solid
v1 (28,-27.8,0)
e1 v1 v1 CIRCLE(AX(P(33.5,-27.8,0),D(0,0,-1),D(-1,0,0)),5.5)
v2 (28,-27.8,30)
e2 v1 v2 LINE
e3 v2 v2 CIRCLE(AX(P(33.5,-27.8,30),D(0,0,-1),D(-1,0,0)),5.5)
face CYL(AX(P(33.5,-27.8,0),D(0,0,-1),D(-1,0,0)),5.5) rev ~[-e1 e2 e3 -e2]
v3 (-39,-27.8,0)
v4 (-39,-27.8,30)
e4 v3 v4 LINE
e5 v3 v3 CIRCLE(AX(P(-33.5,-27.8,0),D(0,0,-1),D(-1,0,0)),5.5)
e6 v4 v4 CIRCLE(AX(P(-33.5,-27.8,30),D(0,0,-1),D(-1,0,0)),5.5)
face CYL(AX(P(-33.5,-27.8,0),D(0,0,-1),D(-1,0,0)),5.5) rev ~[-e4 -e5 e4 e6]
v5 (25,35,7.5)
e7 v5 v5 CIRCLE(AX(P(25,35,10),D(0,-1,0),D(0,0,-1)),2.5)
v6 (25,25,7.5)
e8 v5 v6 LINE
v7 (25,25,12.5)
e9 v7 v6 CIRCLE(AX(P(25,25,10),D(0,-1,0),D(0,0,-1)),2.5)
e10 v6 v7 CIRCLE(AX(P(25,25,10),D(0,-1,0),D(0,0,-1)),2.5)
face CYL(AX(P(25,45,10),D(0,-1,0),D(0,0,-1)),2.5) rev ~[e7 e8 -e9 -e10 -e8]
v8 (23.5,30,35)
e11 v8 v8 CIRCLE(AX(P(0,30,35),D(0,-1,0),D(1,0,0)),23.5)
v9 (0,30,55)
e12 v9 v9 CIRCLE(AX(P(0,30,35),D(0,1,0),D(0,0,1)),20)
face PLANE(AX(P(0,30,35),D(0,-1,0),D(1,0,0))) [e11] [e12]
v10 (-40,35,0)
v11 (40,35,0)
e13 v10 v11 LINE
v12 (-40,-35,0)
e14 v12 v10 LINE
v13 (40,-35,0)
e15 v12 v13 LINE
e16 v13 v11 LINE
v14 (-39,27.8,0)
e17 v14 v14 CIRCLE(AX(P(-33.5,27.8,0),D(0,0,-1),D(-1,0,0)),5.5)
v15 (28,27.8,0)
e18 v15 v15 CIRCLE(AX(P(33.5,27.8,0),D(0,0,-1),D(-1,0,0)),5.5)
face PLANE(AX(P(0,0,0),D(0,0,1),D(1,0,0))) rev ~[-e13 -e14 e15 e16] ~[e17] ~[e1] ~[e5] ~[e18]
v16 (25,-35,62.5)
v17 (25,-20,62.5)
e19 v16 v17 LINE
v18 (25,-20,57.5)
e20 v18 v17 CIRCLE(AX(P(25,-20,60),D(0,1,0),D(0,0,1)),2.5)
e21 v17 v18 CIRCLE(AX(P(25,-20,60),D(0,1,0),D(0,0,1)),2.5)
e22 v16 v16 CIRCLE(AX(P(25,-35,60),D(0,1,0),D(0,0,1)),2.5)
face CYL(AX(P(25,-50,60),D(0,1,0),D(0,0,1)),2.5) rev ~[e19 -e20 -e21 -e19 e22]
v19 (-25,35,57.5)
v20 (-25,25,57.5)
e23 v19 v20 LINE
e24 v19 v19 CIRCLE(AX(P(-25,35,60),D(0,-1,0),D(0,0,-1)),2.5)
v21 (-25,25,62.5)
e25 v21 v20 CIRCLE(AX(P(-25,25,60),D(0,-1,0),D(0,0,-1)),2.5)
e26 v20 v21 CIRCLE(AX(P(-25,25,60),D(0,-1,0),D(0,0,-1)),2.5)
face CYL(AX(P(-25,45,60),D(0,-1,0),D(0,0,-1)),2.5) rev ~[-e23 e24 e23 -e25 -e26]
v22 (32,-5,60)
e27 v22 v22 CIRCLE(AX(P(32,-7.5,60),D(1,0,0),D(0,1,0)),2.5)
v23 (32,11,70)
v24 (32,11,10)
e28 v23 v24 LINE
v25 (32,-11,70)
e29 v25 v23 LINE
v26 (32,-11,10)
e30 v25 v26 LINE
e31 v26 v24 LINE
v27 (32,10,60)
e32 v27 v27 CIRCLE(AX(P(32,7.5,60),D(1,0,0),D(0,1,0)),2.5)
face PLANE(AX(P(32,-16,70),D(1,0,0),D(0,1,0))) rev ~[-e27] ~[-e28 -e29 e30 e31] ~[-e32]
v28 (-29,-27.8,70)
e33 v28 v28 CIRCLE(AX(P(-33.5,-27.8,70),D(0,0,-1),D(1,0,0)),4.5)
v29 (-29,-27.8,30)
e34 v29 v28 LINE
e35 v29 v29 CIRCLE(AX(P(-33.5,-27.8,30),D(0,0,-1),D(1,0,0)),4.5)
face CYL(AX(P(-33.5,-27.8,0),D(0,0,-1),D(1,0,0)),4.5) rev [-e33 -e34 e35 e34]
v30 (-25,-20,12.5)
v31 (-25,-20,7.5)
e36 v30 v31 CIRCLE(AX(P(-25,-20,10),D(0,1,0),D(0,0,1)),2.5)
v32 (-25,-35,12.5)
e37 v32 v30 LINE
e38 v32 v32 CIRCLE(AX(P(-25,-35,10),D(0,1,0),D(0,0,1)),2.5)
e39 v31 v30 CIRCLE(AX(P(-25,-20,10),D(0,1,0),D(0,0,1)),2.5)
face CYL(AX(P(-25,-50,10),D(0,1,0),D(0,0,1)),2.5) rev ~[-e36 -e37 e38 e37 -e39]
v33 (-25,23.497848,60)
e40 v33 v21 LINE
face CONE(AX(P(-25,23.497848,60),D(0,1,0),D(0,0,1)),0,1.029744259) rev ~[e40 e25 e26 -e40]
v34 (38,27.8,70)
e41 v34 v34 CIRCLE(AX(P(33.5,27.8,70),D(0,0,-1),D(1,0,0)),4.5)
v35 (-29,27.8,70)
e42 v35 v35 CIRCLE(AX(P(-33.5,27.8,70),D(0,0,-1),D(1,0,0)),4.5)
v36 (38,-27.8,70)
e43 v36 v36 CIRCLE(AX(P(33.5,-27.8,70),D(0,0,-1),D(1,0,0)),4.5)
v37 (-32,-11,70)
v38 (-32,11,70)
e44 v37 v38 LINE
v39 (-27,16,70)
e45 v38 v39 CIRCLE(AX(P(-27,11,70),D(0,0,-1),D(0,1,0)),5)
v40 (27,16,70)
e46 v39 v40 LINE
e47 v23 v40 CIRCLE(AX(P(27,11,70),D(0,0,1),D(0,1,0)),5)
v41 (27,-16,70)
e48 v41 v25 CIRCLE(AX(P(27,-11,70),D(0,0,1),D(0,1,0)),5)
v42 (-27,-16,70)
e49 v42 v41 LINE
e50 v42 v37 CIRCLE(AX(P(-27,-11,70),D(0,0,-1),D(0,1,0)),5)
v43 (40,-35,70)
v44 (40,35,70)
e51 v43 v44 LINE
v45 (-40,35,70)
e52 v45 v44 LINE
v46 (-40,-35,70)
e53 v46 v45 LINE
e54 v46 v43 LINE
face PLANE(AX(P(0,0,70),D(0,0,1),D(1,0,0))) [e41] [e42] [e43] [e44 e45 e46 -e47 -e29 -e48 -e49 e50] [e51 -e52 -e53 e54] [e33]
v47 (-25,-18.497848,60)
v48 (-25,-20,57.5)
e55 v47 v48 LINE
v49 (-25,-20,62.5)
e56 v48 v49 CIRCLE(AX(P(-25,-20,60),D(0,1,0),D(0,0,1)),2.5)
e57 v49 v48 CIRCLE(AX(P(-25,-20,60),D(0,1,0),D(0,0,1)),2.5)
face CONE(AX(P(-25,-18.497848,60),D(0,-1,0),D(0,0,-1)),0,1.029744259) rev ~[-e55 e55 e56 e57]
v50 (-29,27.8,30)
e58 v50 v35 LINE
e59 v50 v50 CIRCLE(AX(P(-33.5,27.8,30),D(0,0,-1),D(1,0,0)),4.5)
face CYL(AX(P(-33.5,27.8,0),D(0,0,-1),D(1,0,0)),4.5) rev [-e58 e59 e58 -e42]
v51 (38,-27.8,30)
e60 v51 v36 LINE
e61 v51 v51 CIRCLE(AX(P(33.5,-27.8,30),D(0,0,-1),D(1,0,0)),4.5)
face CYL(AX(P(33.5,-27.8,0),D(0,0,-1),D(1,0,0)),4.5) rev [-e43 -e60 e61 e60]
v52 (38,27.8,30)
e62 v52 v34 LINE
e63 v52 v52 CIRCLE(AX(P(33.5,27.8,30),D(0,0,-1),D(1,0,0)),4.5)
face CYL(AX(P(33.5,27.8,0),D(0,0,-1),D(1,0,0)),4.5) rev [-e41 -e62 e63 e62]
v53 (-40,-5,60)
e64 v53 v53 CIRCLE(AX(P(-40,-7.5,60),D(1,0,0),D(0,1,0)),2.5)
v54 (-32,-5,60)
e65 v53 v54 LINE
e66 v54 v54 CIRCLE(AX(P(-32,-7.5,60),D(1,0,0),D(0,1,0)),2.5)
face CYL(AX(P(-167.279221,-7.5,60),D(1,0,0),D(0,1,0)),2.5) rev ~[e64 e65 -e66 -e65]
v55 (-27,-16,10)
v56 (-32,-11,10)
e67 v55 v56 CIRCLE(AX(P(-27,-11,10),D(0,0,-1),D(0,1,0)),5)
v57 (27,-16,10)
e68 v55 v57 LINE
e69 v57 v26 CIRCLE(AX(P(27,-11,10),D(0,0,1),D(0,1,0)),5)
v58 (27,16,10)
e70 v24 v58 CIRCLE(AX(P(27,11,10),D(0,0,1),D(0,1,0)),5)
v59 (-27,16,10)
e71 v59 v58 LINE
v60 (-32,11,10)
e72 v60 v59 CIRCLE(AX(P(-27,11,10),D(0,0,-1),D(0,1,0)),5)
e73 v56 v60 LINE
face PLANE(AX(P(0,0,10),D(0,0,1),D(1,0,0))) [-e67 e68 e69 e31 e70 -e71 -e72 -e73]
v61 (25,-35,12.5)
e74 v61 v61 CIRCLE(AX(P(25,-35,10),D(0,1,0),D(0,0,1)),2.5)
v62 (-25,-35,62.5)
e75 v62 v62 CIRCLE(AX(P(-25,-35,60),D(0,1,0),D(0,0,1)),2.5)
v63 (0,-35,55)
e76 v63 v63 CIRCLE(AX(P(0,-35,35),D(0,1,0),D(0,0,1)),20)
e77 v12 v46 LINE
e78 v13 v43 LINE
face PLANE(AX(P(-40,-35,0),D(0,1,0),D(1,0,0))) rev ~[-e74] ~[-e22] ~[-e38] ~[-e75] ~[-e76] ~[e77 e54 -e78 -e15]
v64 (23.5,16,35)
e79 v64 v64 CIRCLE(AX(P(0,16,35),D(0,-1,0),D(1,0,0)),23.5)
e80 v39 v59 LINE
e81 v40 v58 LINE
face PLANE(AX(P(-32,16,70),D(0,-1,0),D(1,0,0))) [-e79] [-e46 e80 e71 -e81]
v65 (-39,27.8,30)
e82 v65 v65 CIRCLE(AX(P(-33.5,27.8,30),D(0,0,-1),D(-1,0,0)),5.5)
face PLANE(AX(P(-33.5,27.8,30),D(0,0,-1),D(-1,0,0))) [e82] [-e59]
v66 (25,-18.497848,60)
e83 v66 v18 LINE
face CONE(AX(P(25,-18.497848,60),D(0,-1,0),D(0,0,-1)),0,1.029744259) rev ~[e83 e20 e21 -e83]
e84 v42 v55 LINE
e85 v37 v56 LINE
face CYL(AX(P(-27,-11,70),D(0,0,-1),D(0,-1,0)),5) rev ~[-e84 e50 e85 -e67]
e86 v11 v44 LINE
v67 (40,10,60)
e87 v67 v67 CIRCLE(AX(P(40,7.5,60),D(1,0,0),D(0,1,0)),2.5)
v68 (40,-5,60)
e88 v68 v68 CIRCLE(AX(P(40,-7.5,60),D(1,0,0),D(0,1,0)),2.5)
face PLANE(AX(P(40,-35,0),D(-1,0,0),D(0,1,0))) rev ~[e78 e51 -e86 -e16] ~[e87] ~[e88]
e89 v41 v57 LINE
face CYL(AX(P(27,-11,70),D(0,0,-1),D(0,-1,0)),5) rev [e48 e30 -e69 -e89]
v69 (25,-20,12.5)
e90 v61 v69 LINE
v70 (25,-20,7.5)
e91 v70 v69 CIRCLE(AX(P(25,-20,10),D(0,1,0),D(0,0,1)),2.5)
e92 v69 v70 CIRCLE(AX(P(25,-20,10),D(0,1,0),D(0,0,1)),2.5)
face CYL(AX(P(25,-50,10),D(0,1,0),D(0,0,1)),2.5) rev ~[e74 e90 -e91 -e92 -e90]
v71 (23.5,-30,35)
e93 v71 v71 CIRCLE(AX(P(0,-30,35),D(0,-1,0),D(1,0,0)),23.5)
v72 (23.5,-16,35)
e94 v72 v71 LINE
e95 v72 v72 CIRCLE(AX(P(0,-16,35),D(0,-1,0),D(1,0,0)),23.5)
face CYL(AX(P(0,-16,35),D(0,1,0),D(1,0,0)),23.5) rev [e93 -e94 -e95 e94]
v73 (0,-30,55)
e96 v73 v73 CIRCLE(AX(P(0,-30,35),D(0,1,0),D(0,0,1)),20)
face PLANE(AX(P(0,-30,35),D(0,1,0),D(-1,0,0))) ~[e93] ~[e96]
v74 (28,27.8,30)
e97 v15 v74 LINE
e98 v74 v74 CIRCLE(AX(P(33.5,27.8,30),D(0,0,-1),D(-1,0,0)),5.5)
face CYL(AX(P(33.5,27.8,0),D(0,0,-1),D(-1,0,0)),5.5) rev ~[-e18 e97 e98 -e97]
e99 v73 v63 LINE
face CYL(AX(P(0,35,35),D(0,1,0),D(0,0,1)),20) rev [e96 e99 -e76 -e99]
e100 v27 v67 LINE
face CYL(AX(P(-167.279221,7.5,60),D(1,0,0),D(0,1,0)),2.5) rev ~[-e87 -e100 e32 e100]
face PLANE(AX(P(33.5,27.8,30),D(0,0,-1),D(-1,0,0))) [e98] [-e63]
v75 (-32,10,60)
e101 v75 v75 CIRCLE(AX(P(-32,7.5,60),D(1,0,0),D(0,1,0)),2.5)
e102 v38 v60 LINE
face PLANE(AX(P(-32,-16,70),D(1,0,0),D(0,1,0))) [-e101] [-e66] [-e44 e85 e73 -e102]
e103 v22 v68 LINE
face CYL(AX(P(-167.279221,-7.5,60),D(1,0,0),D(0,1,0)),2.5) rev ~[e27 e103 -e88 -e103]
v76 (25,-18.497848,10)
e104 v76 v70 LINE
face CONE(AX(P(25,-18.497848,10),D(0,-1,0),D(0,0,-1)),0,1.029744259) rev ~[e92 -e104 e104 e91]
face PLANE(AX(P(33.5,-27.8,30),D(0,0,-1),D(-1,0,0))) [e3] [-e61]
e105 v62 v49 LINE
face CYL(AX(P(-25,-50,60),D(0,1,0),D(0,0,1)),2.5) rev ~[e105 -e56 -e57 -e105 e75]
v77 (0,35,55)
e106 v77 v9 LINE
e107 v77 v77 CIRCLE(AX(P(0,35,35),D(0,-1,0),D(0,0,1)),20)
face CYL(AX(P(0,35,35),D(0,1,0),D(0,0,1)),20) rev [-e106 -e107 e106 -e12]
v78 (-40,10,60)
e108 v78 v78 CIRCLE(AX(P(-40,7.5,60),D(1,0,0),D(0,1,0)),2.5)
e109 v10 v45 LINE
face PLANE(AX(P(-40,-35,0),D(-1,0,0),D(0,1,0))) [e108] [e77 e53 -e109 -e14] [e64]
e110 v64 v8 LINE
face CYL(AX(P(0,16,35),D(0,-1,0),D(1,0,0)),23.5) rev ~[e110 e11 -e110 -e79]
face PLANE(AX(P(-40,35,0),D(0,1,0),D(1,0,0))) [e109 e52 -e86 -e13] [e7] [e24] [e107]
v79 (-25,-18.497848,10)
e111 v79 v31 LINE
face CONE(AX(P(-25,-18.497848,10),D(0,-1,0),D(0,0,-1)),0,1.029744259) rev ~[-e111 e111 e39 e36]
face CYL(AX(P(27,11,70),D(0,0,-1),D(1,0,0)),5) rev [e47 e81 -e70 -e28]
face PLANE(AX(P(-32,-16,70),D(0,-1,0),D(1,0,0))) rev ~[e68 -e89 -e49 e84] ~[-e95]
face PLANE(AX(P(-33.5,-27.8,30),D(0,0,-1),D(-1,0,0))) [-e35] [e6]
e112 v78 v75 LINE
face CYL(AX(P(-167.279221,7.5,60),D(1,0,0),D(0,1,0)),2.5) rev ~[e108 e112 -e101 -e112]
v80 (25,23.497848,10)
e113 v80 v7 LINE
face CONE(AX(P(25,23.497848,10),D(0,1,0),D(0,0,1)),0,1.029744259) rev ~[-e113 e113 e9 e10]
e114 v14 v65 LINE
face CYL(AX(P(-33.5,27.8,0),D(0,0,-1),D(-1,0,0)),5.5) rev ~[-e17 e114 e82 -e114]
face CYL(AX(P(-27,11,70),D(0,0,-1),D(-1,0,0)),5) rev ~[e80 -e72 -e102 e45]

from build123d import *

# Parameters (mm, degrees)
SKETCH_1_W             = 80
SKETCH_1_H             = 70
EXTRUDE_1_DEPTH        = 70
SKETCH_2_W             = 64
SKETCH_2_H             = 32
CUT_EXTRUDE_1_DEPTH    = 60
SKETCH_3_R             = 4.5
CUT_EXTRUDE_5_DEPTH    = 100
SKETCH_6_R             = 5.5
CUT_EXTRUDE_7_DEPTH    = 30
SKETCH_5_R             = 20
CUT_EXTRUDE_8_DEPTH    = 87
SKETCH_7_R             = 23.5
CUT_EXTRUDE_9_DEPTH    = 14
FILLET_1_R             = 5
HOLE_WIZARD_M6_1_D     = 5
HOLE_WIZARD_M6_2_D     = 5
HOLE_WIZARD_M6_2_DEPTH = 10
HOLE_WIZARD_M6_2_TIP   = 1.502151548
HOLE_WIZARD_M6_3_D     = 5
HOLE_WIZARD_M6_3_DEPTH = 15
HOLE_WIZARD_M6_3_TIP   = 1.502151548


with BuildPart() as part:
    # 草图1 → 凸台-拉伸1 (new body)
    with BuildSketch(Plane.XY):
        Rectangle(SKETCH_1_W, SKETCH_1_H)
    extrude(amount=EXTRUDE_1_DEPTH)

    # 草图2 → 切除-拉伸1 (cut)
    with BuildSketch(Plane.XY.offset(70)):
        Rectangle(SKETCH_2_W, SKETCH_2_H)
    extrude(amount=-CUT_EXTRUDE_1_DEPTH, mode=Mode.SUBTRACT)

    # 草图3 → 切除-拉伸5 (cut)
    with BuildSketch(Plane.XY):
        with Locations((-33.5, 27.8)):
            Circle(SKETCH_3_R)
        with Locations((33.5, 27.8)):
            Circle(SKETCH_3_R)
        with Locations((33.5, -27.8)):
            Circle(SKETCH_3_R)
        with Locations((-33.5, -27.8)):
            Circle(SKETCH_3_R)
    extrude(amount=CUT_EXTRUDE_5_DEPTH, mode=Mode.SUBTRACT)

    # 草图6 → 切除-拉伸7 (cut)
    with BuildSketch(Plane(origin=(0, 0, 0), x_dir=(-1, 0, 0), z_dir=(0, 0, -1))):
        with Locations((-33.5, 27.8)):
            Circle(SKETCH_6_R)
        with Locations((33.5, 27.8)):
            Circle(SKETCH_6_R)
        with Locations((33.5, -27.8)):
            Circle(SKETCH_6_R)
        with Locations((-33.5, -27.8)):
            Circle(SKETCH_6_R)
    extrude(amount=-CUT_EXTRUDE_7_DEPTH, mode=Mode.SUBTRACT)

    # 草图5 → 切除-拉伸8 (cut)
    with BuildSketch(Plane(origin=(-5, 35, 0), x_dir=(0, 0, 1), z_dir=(0, -1, 0))):
        with Locations((35, -5)):
            Circle(SKETCH_5_R)
    extrude(amount=CUT_EXTRUDE_8_DEPTH, mode=Mode.SUBTRACT)

    # 草图7 → 切除-拉伸9 (cut)
    with BuildSketch(Plane.XZ.offset(-16)):
        with Locations((0, 35)):
            Circle(SKETCH_7_R)
    cut_extrude_9 = extrude(amount=-CUT_EXTRUDE_9_DEPTH, mode=Mode.SUBTRACT)

    # 镜向1: 切除-拉伸9 across plane
    add(cut_extrude_9.mirror(Plane(origin=(0, 0, 0), x_dir=(0, 0, 1), z_dir=(0, -1, 0))), mode=Mode.SUBTRACT)

    # 圆角1
    fillet_1_edges = [part.edges().sort_by_distance(p)[0] for p in [
        (32, 16, 40),
        (32, -16, 40),
        (-32, -16, 40),
        (-32, 16, 40),
    ]]
    fillet(fillet_1_edges, radius=FILLET_1_R)

    # M6 螺纹孔1 (through all)
    with Locations(Plane(origin=(-40, 7.5, 60), x_dir=(0, -1, 0), z_dir=(-1, 0, 0))):
        with Locations((0, 0), (15, 0)):
            Hole(HOLE_WIZARD_M6_1_D / 2)

    # M6 螺纹孔2
    with Locations(Plane(origin=(25, 35, 10), x_dir=(0, 0, 1), z_dir=(0, 1, 0))):
        with Locations((0, 0), (50, -50)):
            Hole(HOLE_WIZARD_M6_2_D / 2, depth=HOLE_WIZARD_M6_2_DEPTH)
            with Locations((0, 0, -(HOLE_WIZARD_M6_2_DEPTH + HOLE_WIZARD_M6_2_TIP / 2))):  # 118° drill point
                Cone(0, HOLE_WIZARD_M6_2_D / 2, HOLE_WIZARD_M6_2_TIP, mode=Mode.SUBTRACT)

    # M6 螺纹孔3
    with Locations(Plane(origin=(-25, -35, 60), x_dir=(0, 0, -1), z_dir=(0, -1, 0))):
        with Locations((0, 0), (0, 50), (50, 50), (50, 0)):
            Hole(HOLE_WIZARD_M6_3_D / 2, depth=HOLE_WIZARD_M6_3_DEPTH)
            with Locations((0, 0, -(HOLE_WIZARD_M6_3_DEPTH + HOLE_WIZARD_M6_3_TIP / 2))):  # 118° drill point
                Cone(0, HOLE_WIZARD_M6_3_D / 2, HOLE_WIZARD_M6_3_TIP, mode=Mode.SUBTRACT)


solid = part.part
